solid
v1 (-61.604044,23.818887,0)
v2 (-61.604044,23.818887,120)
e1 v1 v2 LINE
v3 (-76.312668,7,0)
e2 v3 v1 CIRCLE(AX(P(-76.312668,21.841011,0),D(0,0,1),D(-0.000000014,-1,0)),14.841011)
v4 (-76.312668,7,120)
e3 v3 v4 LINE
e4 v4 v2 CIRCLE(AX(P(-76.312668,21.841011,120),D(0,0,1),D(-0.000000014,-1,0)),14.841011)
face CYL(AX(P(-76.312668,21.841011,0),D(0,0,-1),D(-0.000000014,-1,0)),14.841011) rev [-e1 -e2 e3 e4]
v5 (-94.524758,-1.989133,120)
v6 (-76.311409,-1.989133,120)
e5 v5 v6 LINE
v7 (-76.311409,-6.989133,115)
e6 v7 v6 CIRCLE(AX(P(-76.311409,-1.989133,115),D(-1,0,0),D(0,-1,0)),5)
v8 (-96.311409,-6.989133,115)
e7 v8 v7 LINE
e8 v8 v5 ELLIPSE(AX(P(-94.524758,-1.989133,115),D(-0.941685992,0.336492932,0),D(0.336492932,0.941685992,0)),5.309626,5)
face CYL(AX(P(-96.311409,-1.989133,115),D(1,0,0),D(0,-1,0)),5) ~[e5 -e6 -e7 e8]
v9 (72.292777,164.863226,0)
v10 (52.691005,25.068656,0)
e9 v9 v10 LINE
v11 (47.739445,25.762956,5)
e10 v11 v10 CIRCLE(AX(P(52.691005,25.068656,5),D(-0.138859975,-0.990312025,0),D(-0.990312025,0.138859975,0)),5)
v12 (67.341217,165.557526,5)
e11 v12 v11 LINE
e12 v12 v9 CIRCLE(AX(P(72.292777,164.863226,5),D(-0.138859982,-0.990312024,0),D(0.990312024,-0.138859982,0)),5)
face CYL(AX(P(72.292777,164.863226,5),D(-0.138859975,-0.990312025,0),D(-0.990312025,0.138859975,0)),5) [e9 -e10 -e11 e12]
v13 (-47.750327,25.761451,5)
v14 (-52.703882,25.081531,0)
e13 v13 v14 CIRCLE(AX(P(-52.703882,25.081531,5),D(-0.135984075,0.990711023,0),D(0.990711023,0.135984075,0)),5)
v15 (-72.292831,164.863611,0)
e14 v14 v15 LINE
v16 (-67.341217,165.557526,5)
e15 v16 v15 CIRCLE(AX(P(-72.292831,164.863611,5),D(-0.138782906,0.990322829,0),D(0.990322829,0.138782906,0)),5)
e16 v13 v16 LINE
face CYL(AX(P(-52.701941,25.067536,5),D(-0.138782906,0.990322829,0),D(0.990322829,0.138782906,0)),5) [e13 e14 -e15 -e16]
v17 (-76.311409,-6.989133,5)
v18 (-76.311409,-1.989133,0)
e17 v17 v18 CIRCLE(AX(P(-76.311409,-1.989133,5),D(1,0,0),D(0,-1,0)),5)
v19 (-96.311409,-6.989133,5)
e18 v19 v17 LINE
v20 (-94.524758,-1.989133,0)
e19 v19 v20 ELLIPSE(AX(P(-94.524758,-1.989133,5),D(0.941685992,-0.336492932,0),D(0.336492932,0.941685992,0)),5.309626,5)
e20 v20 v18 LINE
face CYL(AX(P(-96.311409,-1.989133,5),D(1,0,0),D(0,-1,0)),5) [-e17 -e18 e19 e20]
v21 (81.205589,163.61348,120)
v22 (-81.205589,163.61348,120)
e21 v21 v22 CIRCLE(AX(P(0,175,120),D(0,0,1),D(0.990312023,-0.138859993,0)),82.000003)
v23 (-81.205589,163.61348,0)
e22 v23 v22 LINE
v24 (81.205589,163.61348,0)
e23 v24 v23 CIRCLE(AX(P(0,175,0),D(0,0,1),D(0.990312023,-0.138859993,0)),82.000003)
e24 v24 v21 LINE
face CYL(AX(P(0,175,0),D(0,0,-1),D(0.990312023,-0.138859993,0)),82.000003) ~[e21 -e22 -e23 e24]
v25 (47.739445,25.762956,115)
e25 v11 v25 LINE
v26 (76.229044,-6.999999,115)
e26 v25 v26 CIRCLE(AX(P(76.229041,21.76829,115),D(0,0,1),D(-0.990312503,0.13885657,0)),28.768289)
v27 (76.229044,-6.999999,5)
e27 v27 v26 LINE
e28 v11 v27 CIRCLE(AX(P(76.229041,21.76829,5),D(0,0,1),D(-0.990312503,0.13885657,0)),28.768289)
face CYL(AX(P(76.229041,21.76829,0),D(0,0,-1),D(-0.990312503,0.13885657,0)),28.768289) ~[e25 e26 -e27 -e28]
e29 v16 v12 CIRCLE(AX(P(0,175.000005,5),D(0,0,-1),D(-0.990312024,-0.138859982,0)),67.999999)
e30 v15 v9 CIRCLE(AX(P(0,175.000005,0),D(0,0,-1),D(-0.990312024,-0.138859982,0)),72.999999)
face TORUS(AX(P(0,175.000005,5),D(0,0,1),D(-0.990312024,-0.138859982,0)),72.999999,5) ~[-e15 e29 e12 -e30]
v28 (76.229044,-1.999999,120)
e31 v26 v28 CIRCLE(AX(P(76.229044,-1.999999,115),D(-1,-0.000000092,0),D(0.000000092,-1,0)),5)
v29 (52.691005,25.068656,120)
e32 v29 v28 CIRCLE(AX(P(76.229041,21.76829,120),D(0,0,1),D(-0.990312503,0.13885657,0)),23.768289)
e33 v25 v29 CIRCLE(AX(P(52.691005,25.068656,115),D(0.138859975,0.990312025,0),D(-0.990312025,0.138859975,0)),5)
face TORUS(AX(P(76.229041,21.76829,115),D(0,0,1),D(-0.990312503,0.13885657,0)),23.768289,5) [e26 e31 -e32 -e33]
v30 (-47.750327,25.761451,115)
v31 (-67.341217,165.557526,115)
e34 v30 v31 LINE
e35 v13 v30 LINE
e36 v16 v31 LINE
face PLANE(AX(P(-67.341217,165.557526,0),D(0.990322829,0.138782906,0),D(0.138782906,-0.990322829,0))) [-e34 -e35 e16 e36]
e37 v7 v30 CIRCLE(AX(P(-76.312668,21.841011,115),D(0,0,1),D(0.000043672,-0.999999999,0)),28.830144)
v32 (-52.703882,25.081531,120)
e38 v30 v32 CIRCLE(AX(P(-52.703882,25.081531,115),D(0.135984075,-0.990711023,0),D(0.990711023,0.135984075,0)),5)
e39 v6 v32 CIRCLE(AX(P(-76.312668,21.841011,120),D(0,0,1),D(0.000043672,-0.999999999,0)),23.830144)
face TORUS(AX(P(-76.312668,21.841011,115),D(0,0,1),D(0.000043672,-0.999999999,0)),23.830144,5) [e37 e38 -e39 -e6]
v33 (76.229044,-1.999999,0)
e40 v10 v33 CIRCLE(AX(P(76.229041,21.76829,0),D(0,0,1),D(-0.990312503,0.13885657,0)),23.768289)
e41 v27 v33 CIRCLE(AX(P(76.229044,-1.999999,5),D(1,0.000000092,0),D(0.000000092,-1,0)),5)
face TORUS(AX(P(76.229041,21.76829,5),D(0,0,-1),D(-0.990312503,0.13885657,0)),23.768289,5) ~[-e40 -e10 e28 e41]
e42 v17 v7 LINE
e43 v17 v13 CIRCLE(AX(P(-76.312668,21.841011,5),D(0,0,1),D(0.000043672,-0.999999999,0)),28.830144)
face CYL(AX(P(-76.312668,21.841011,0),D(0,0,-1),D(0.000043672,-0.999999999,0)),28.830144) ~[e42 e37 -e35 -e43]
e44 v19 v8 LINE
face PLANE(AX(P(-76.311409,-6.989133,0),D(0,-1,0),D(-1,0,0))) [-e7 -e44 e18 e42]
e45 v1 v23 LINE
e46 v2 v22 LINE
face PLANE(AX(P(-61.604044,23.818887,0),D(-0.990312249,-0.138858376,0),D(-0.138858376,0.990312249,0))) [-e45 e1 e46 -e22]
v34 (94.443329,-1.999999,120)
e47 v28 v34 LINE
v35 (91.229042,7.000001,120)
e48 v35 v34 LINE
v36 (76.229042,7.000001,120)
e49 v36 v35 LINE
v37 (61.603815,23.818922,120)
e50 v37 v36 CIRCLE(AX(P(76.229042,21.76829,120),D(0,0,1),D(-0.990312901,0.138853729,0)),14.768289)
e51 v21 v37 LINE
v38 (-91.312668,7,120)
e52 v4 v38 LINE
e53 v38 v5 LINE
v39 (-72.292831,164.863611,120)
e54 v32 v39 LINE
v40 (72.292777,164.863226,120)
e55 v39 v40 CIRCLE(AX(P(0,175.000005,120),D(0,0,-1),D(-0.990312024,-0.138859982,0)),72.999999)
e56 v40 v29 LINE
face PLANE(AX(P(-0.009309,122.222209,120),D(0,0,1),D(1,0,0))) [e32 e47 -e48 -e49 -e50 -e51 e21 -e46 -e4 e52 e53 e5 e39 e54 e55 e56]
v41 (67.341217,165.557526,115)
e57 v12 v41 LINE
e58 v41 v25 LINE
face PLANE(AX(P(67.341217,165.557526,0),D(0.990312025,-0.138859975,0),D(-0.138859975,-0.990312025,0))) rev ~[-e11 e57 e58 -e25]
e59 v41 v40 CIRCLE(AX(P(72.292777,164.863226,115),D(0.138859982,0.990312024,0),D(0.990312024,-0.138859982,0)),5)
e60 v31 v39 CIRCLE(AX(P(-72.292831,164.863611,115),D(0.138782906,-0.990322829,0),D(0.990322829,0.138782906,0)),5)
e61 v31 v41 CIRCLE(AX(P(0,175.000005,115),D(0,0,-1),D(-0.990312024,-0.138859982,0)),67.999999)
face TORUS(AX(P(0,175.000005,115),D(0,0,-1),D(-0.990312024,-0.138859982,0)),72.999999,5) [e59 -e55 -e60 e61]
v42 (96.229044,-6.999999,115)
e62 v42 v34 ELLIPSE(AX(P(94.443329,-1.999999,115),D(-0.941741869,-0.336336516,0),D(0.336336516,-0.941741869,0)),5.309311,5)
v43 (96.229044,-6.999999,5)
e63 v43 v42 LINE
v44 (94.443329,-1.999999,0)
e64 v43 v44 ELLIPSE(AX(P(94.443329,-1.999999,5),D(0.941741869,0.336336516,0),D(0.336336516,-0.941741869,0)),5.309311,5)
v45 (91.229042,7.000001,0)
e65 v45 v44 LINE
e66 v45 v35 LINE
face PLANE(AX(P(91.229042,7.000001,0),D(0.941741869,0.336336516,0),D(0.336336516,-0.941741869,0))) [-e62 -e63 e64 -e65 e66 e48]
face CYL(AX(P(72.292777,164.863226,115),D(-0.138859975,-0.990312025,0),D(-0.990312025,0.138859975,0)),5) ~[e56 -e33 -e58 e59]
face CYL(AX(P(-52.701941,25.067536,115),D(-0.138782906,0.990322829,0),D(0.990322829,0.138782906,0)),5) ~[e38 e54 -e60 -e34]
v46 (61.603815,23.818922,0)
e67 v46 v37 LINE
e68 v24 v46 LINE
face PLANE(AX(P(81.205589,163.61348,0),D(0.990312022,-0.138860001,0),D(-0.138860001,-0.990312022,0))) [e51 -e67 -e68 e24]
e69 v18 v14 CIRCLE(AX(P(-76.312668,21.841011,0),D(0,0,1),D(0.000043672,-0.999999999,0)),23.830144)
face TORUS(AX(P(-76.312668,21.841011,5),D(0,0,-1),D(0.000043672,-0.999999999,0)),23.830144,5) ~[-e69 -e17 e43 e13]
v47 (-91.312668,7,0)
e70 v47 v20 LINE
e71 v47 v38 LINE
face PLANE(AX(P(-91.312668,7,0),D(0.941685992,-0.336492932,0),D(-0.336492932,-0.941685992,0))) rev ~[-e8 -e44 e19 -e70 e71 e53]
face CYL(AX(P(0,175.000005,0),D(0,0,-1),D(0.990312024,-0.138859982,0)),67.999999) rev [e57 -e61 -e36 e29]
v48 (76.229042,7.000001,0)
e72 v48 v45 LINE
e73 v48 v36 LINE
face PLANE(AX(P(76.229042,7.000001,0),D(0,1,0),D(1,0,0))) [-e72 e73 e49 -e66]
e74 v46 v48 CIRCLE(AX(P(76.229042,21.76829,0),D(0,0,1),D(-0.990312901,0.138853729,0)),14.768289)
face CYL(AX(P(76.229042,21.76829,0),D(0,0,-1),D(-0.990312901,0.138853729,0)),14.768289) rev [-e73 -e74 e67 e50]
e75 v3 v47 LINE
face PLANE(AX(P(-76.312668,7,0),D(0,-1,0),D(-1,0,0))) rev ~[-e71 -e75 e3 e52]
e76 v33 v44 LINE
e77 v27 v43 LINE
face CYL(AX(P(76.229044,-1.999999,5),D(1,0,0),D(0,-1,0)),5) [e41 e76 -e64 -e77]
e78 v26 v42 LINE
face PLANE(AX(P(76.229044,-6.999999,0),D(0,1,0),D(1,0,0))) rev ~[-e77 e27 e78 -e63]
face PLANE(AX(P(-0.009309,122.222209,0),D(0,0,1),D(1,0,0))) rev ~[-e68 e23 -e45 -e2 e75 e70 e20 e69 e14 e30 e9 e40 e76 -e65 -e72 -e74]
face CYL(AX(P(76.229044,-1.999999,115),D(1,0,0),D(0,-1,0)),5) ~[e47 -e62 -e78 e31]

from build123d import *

# Parameters (mm, degrees)
PAD_DEPTH = 120
FILLET_R  = 5


with BuildPart() as part:
    # Sketch → Pad (new body)
    with BuildSketch(Plane.XY):
        with BuildLine():
            ThreePointArc((81.205589, 163.61348), (0, 257.000003), (-81.205589, 163.61348))
            Line((-61.604044, 23.818887), (-81.205589, 163.61348))
            ThreePointArc((-76.312668, 7), (-65.141068, 12.07111), (-61.604044, 23.818887))
            Line((-76.312668, 7), (-91.312668, 7))
            Line((-91.312668, 7), (-96.311409, -6.989133))
            Line((-76.311409, -6.989133), (-96.311409, -6.989133))
            ThreePointArc((-76.311409, -6.989133), (-54.584345, 2.892207), (-47.750327, 25.761451))
            Line((-67.341217, 165.557526), (-47.750327, 25.761451))
            ThreePointArc((67.341217, 165.557526), (0, 243.000004), (-67.341217, 165.557526))
            Line((67.341217, 165.557526), (47.739445, 25.762956))
            ThreePointArc((47.739445, 25.762956), (54.520356, 2.891123), (76.229044, -6.999999))
            Line((76.229044, -6.999999), (96.229044, -6.999999))
            Line((91.229042, 7.000001), (96.229044, -6.999999))
            Line((76.229042, 7.000001), (91.229042, 7.000001))
            ThreePointArc((61.603815, 23.818922), (65.084835, 12.077624), (76.229042, 7.000001))
            Line((81.205589, 163.61348), (61.603815, 23.818922))
        make_face()
    extrude(amount=PAD_DEPTH)

    # Fillet
    fillet_edges = [part.edges().sort_by_distance(p)[0] for p in [
        (54.520356, 2.891123, 0),
        (86.229044, -6.999999, 0),
        (86.229044, -6.999999, 120),
        (54.520356, 2.891123, 120),
        (57.540331, 95.660241, 0),
        (0, 243.000004, 0),
        (0, 243.000004, 120),
        (-57.545772, 95.659489, 0),
        (-54.584345, 2.892207, 0),
        (-86.311409, -6.989133, 0),
        (-86.311409, -6.989133, 120),
        (-54.584345, 2.892207, 120),
        (-57.545772, 95.659489, 120),
        (57.540331, 95.660241, 120),
    ]]
    fillet(fillet_edges, radius=FILLET_R)


solid = part.part
